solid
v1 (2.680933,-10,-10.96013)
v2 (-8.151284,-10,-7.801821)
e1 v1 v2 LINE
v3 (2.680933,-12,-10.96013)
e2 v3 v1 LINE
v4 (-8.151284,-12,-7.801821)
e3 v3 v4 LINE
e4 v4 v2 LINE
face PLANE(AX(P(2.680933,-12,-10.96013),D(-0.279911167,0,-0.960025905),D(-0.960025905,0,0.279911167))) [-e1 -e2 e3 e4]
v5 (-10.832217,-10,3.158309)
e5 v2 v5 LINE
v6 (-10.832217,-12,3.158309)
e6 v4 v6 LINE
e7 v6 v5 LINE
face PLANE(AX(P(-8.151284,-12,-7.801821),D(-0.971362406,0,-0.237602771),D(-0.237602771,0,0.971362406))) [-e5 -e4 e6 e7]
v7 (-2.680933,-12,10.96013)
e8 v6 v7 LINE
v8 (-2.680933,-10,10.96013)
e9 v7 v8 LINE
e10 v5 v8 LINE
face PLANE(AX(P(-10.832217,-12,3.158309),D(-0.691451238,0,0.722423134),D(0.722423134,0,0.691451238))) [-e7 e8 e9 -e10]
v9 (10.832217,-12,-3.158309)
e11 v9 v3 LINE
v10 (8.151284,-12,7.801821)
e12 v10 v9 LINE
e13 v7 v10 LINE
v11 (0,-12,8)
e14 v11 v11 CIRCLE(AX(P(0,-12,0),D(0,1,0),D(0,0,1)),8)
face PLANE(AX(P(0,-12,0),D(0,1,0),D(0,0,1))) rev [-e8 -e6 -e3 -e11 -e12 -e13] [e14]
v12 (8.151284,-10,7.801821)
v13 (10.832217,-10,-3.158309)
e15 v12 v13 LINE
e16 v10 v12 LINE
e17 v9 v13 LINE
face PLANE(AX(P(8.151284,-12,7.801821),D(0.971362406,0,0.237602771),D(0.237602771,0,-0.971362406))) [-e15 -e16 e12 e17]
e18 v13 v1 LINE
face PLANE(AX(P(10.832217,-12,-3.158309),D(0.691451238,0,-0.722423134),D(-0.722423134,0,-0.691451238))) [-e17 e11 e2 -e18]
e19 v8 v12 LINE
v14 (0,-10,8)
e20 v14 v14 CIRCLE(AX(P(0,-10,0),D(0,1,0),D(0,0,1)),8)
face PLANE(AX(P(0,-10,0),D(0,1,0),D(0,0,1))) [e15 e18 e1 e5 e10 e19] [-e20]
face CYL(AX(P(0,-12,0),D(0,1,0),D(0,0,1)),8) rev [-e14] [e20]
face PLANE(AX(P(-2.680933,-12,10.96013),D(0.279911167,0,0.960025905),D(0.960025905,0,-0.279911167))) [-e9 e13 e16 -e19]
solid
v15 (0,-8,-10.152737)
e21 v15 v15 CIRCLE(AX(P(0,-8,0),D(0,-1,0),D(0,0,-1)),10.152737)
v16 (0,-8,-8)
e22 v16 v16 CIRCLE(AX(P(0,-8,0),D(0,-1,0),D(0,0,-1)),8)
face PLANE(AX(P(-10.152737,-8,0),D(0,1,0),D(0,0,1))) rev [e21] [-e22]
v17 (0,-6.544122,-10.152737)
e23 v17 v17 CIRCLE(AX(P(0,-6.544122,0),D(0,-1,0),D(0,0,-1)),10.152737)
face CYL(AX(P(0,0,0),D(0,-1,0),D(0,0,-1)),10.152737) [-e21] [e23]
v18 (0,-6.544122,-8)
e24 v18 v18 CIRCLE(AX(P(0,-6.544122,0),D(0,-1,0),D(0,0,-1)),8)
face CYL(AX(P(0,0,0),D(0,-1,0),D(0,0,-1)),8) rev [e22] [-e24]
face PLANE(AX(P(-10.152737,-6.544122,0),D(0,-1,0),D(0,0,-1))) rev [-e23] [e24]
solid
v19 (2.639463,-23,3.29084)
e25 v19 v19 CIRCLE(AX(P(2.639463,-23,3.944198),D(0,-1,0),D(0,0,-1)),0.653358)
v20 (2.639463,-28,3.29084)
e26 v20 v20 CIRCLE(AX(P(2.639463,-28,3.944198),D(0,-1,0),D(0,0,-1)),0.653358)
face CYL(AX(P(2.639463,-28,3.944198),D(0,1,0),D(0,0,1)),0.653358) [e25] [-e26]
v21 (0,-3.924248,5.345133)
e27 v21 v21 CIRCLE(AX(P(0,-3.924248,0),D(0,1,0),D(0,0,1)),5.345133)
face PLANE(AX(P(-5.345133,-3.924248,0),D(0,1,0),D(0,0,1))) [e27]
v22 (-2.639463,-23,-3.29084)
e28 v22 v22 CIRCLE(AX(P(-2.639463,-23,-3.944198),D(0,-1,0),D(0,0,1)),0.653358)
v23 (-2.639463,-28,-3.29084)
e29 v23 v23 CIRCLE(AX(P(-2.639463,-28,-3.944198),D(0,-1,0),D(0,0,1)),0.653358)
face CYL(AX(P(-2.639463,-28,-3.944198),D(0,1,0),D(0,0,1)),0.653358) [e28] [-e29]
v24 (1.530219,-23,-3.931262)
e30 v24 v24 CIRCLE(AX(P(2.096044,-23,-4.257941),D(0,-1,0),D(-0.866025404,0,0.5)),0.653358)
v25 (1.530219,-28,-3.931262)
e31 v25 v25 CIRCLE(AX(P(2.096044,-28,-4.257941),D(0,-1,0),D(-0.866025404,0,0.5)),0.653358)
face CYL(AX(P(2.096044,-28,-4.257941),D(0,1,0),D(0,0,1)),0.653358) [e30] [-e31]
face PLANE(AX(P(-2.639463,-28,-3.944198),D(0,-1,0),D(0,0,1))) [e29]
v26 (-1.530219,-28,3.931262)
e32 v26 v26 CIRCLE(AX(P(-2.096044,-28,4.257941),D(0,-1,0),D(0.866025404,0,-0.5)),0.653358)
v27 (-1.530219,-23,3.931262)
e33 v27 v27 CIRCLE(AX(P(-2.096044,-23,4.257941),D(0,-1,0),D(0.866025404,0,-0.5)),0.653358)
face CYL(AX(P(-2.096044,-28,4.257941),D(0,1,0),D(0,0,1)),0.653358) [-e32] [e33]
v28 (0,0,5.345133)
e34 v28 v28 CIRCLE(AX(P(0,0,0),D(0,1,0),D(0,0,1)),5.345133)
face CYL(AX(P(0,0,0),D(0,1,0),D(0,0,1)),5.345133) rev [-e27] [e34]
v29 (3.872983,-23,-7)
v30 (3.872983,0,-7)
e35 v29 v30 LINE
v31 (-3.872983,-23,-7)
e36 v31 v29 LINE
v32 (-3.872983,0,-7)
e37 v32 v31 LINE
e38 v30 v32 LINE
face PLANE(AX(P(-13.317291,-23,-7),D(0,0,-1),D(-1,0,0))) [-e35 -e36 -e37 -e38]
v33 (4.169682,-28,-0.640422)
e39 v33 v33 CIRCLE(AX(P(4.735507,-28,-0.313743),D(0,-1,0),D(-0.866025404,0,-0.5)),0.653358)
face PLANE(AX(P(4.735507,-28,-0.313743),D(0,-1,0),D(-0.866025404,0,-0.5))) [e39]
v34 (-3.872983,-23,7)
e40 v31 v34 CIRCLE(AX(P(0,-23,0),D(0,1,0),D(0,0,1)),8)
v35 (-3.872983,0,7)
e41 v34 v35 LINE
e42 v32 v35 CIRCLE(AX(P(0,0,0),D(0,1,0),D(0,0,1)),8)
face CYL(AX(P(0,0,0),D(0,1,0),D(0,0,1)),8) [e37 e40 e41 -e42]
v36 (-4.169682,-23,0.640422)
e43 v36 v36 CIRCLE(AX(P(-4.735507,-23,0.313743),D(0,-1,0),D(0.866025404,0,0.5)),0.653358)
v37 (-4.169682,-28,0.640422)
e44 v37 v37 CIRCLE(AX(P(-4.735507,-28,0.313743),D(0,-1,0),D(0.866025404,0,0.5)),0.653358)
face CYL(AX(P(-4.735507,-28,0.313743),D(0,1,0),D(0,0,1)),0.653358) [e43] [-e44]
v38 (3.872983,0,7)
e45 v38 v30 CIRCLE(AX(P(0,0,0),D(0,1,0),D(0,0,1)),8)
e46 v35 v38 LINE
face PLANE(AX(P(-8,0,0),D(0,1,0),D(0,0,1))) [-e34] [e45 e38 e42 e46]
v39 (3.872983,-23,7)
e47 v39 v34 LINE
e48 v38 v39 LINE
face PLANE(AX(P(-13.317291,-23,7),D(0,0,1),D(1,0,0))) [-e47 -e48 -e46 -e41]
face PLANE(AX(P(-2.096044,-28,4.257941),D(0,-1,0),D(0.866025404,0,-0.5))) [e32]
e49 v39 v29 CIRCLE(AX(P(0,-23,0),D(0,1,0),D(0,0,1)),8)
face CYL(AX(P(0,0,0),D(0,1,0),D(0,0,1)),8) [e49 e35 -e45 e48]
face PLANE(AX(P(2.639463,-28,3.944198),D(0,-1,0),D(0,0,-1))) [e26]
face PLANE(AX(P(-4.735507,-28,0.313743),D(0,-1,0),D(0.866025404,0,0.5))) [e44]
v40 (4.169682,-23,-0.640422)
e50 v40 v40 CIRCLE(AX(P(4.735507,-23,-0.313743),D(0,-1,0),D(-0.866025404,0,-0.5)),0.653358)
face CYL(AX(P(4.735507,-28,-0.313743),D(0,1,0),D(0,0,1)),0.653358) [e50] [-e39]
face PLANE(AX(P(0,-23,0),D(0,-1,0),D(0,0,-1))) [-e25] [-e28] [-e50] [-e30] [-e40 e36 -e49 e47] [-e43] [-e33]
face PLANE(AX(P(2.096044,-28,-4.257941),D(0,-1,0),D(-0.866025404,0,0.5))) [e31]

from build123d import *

# Parameters (mm, degrees)
SKETCH2_W           = 44.390968634
SKETCH2_H           = 30.096733946
SKETCH2_W_2         = 26.63458118
SKETCH2_H_2         = 14
CUT_EXTRUDE1_DEPTH  = 26.632011236
SKETCH3_R           = 0.653357701
BOSS_EXTRUDE1_DEPTH = 5
CIRPATTERN1_COUNT   = 6
SKETCH5_W           = 2.152737125
SKETCH5_H           = 1.455877733
BOSS_EXTRUDE2_START = -10
SKETCH6_R           = 8
BOSS_EXTRUDE2_DEPTH = 2


with BuildPart() as part:
    # Sketch1 → Revolve1 (revolve)
    with BuildSketch(Plane.XY, mode=Mode.PRIVATE) as revolve1_sk:
        Polygon((-8, 0), (-5.345132743, 0), (-5.345132743, -3.924247536), (0, -3.924247536), (0, -23), (-8, -23), align=None)
    revolve(revolve1_sk.sketch.rotate(Axis((0, 0, 0), (0, -1, 0)), 270), axis=Axis((0, 0, 0), (0, -1, 0)))

    # Sketch2 → Cut-Extrude1 (cut, through all)
    with BuildSketch(Plane(origin=(0, 0, 0), x_dir=(1, 0, 0), z_dir=(0, 1, 0))):
        Rectangle(SKETCH2_W, SKETCH2_H)
        Rectangle(SKETCH2_W_2, SKETCH2_H_2, mode=Mode.SUBTRACT)
    extrude(amount=-CUT_EXTRUDE1_DEPTH, mode=Mode.SUBTRACT)

    # Sketch3 → Boss-Extrude1 (add)
    with BuildSketch(Plane.XZ.offset(23)):
        with Locations(Location((2.639463, 3.944197551, 0), (0, 0, 270))):
            Circle(SKETCH3_R)
    boss_extrude1 = extrude(amount=BOSS_EXTRUDE1_DEPTH)

    # CirPattern1: Boss-Extrude1 ×6 about axis
    cirpattern1_axis = Axis((0, 0, 0), (0, 1, 0))
    for i in range(1, CIRPATTERN1_COUNT):
        add(boss_extrude1.rotate(cirpattern1_axis, i * 360 / CIRPATTERN1_COUNT))


with BuildPart() as body_2:
    # Sketch5 → Revolve2 (revolve)
    with BuildSketch(Plane.XY, mode=Mode.PRIVATE) as revolve2_sk:
        with Locations((-9.076368563, -7.272061134)):
            Rectangle(SKETCH5_W, SKETCH5_H)
    revolve(revolve2_sk.sketch.rotate(Axis((0, 0, 0), (0, 1, 0)), 270), axis=Axis((0, 0, 0), (0, 1, 0)))


with BuildPart() as body_3:
    # Sketch6 → Boss-Extrude2 (new body)
    with BuildSketch(Plane(origin=(0, 0, 0), x_dir=(1, 0, 0), z_dir=(0, 1, 0)).offset(BOSS_EXTRUDE2_START)):
        Polygon((10.832217083, 3.158309077), (2.680932648, 10.960129712), (-8.151284436, 7.801820635), (-10.832217083, -3.158309077), (-2.680932648, -10.960129712), (8.151284436, -7.801820635), align=None)
        with Locations(Location((0, 0, 0), (0, 0, 270))):
            Circle(SKETCH6_R, mode=Mode.SUBTRACT)
    extrude(amount=-BOSS_EXTRUDE2_DEPTH)


solid = Compound([part.part, body_2.part, body_3.part])
